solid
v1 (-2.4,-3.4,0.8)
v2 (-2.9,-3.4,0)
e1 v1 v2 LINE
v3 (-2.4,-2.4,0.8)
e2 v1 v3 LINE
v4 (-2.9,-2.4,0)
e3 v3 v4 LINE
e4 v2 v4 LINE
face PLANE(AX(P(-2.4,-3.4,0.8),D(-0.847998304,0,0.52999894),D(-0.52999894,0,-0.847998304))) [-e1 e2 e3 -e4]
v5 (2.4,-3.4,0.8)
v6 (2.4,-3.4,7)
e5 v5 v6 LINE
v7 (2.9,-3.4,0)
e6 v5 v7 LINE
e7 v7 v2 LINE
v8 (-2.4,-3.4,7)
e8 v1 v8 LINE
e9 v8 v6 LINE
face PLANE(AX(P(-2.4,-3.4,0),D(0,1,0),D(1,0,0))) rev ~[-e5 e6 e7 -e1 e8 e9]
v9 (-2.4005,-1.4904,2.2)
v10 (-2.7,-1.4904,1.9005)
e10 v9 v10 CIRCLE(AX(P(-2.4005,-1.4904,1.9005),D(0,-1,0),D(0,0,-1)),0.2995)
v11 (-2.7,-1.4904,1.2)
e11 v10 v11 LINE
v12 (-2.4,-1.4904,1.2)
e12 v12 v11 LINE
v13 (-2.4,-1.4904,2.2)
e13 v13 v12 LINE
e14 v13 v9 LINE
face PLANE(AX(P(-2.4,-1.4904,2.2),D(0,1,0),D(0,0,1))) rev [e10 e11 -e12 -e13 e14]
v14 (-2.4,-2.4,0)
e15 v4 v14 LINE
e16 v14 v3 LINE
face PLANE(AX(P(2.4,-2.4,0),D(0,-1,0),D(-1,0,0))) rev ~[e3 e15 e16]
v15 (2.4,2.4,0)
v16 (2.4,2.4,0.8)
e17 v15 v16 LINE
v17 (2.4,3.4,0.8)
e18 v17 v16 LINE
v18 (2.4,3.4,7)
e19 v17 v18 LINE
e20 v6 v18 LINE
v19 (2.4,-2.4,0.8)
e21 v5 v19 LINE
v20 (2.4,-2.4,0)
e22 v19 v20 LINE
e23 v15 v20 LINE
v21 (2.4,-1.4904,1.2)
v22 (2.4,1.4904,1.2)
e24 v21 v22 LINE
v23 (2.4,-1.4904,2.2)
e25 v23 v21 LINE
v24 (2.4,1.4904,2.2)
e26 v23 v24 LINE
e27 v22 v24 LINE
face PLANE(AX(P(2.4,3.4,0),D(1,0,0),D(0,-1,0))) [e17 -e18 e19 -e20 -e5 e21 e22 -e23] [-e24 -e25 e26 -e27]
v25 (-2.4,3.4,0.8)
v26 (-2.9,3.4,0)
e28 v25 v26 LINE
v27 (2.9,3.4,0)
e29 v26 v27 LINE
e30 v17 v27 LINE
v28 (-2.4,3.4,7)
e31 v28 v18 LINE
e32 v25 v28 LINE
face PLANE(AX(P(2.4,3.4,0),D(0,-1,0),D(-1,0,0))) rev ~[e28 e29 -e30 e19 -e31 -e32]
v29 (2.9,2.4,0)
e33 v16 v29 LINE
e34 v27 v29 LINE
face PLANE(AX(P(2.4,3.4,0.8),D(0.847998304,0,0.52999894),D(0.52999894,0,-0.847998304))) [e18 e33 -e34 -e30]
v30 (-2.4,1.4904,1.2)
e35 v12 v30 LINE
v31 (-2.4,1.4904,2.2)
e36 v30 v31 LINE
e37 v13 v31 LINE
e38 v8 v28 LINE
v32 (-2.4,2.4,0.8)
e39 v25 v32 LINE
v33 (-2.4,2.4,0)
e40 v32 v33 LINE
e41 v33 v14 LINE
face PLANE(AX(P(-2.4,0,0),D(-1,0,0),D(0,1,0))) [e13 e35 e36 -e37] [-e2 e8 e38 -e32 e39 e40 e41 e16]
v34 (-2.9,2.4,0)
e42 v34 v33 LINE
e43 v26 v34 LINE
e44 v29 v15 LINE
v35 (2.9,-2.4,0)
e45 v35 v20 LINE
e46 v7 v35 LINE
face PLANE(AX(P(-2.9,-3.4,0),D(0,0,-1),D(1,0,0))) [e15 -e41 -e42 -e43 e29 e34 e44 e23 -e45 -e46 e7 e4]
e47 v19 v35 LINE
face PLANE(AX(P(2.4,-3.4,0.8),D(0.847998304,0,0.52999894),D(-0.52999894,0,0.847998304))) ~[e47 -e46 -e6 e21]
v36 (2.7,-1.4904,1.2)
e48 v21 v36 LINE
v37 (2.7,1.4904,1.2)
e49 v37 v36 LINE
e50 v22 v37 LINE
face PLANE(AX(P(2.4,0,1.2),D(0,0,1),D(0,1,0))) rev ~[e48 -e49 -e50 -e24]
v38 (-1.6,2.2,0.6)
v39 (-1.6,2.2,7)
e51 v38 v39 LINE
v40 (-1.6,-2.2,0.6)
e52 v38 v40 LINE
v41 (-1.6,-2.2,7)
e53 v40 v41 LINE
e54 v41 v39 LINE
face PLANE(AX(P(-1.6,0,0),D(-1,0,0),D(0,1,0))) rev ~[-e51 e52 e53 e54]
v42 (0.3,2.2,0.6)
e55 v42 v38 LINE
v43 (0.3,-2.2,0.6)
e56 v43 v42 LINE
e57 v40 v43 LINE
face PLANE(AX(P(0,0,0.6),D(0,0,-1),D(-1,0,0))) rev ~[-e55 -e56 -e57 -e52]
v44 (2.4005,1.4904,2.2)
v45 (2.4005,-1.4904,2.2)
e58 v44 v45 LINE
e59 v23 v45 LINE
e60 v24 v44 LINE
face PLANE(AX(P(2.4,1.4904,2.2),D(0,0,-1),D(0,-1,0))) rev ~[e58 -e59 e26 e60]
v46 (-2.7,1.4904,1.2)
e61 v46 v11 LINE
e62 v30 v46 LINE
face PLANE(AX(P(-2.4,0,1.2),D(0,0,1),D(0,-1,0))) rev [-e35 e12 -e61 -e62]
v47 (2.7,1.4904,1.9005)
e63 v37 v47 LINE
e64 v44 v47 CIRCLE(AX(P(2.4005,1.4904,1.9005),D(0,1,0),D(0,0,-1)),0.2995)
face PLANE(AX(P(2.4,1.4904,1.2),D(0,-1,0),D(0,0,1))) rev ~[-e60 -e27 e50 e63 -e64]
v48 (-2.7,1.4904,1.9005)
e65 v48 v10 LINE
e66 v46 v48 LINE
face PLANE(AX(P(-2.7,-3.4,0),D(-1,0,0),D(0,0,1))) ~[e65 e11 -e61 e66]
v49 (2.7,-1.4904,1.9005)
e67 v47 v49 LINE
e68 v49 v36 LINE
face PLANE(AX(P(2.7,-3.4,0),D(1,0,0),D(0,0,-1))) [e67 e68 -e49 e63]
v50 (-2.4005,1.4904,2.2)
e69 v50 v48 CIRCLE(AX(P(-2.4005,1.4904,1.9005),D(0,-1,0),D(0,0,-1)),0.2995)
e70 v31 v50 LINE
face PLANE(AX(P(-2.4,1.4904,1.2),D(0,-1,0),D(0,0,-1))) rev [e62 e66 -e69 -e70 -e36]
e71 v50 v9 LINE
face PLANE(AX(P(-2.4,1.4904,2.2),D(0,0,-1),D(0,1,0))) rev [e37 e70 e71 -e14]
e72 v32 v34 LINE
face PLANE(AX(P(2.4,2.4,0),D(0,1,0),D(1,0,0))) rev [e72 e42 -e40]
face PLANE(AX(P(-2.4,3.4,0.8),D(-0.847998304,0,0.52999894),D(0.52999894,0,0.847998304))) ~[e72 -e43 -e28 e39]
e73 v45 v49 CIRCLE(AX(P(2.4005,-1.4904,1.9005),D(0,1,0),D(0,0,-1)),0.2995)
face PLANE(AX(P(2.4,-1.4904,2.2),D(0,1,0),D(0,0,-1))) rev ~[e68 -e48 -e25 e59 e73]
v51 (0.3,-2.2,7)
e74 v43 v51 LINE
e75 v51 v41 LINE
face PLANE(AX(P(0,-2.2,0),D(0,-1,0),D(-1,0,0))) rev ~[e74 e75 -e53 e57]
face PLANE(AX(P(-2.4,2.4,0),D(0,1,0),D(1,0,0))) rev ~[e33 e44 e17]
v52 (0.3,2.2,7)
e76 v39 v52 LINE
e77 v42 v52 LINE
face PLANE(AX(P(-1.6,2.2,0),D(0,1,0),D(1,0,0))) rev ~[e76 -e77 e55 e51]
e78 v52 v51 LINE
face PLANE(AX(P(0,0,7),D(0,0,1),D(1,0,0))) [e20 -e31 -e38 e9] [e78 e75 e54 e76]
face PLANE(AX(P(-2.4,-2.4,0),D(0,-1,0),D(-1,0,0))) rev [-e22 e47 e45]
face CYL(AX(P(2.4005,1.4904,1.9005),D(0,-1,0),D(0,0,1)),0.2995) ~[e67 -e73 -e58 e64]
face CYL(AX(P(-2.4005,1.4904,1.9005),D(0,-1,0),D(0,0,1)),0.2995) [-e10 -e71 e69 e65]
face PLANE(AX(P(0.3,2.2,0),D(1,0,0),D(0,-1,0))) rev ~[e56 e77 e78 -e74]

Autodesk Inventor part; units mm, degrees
ref_plane "YZ Plane" through (0, 0, 0) normal (1, 0, 0) x (0, 1, 0)
ref_plane "XZ Plane" through (0, 0, 0) normal (0, 1, 0) x (-1, 0, 0)
ref_plane "XY Plane" through (0, 0, 0) normal (0, 0, 1) x (1, 0, 0)
sketch "Boceto1" plane through (0, 0, 0) normal (0, 0, 1) x (1, 0, 0)
  line L0 (-2.4, 3.4) -> (2.4, 3.4)
  line L1 (2.4, 3.4) -> (2.4, -3.4)
  line L2 (2.4, -3.4) -> (-2.4, -3.4)
  line L3 (-2.4, -3.4) -> (-2.4, 3.4)
  line L4 (0, -4.76) -> (0, 4.76) projected
  line L5 (-3.36, 0) -> (3.36, 0) projected
  line L6 (-1.6, 2.2) -> (0.3, 2.2)
  line L7 (0.3, 2.2) -> (0.3, -2.2)
  line L8 (0.3, -2.2) -> (-1.6, -2.2)
  line L9 (-1.6, -2.2) -> (-1.6, 2.2)
  dimension "d0" = 4.8
  dimension "d1" = 6.8
  dimension "d19" = 1.9
  dimension "d20" = 4.4
  dimension "d21" = 0.8
extrude "Extrusión1" add sketch "Boceto1" along normal blind 7 contours L0 L4 L6 L9 L5 L3 | L0 L1 L5 L7 L6 L4 | L5 L9 L8 L4 L2 L3 | L1 L2 L4 L8 L7 L5
sketch "Boceto2" plane through (2.4, -3.4, 0) normal (1, 0, 0) x (0, 0, -1)
  line L0 (-1.2, 4.8904) -> (-2.2, 4.8904)
  line L1 (-2.2, 4.8904) -> (-2.2, 1.9096)
  line L2 (-2.2, 1.9096) -> (-1.2, 1.9096)
  line L3 (-1.2, 1.9096) -> (-1.2, 4.8904)
  line L4 (1.4, 3.4) -> (-8.4, 3.4) projected
  line L5 (0, 0) -> (0, 6.8) projected
  point P0 (0, 3.4)
  dimension "d8" = 1.2
  dimension "d9" = 1
extrude "Extrusión2" add sketch "Boceto2" along normal blind 0.3
sketch "Boceto3" plane through (-2.4, 3.4, 0) normal (0, 1, 0) x (1, 0, 0)
  line L0 (4.8, 0) -> (0, 0) projected
  line L1 (4.8, 0) -> (4.8, -0.8)
  line L2 (4.8, 0) -> (4.8, -7) projected
  line L3 (4.8, -0.8) -> (5.3, 0)
  line L4 (5.3, 0) -> (4.8, 0)
  point P0 (2.4, 0)
  dimension "d12" = 0.8
  dimension "d22" = 0.5
extrude "Extrusión3" add sketch "Boceto3" against normal blind 1
fillet "Empalme1" radius 0.3 1 edges at (2.7, 0, 2.2)
mirror "Simetría1" about plane through (0, 0, 0) normal (1, 0, 0) of "Extrusión2", "Empalme1"
mirror "Simetría2" about plane through (0, 0, 0) normal (1, 0, 0) of "Extrusión3"
mirror "Simetría3" about plane through (0, 0, 0) normal (0, 1, 0) of "Extrusión3", "Simetría2"
sketch "Boceto4" plane through (0, 0, 0) normal (0, 0, -1) x (-1, 0, 0)
  line L0 (-2.9, 3.4) -> (2.9, 3.4) projected
  line L1 (-2.9, 3.4) -> (-2.9, 2.4) projected
  line L2 (-2.4, 2.4) -> (-2.9, 2.4) projected
  line L3 (-2.4, -2.4) -> (-2.4, 2.4) projected
  line L4 (-2.4, -2.4) -> (-2.9, -2.4) projected
  line L5 (-2.9, -3.4) -> (-2.9, -2.4) projected
  line L6 (2.9, -3.4) -> (-2.9, -3.4) projected
  line L7 (2.9, -3.4) -> (2.9, -2.4) projected
  line L8 (2.4, -2.4) -> (2.9, -2.4) projected
  line L9 (2.4, 2.4) -> (2.4, -2.4) projected
  line L10 (2.4, 2.4) -> (2.9, 2.4) projected
  line L11 (2.9, 3.4) -> (2.9, 2.4) projected
  line L12 (2.4, -3.4) -> (-2.4, -3.4) projected
  line L13 (-2.4, -3.4) -> (-2.4, 3.4) projected
  line L14 (2.4, -3.4) -> (-2.4, -3.4)
  line L15 (-2.4, -3.4) -> (-2.4, 3.4)
  line L16 (-2.4, 3.4) -> (2.4, 3.4)
  line L17 (2.4, 3.4) -> (2.4, -3.4)
  point P0 (0, 0)
extrude "Extrusión4" add sketch "Boceto4" against normal blind 0.6 contours L0 L17 L9 L6 L13 L3
properties part number "Porta Hall Sensor 80-210"
